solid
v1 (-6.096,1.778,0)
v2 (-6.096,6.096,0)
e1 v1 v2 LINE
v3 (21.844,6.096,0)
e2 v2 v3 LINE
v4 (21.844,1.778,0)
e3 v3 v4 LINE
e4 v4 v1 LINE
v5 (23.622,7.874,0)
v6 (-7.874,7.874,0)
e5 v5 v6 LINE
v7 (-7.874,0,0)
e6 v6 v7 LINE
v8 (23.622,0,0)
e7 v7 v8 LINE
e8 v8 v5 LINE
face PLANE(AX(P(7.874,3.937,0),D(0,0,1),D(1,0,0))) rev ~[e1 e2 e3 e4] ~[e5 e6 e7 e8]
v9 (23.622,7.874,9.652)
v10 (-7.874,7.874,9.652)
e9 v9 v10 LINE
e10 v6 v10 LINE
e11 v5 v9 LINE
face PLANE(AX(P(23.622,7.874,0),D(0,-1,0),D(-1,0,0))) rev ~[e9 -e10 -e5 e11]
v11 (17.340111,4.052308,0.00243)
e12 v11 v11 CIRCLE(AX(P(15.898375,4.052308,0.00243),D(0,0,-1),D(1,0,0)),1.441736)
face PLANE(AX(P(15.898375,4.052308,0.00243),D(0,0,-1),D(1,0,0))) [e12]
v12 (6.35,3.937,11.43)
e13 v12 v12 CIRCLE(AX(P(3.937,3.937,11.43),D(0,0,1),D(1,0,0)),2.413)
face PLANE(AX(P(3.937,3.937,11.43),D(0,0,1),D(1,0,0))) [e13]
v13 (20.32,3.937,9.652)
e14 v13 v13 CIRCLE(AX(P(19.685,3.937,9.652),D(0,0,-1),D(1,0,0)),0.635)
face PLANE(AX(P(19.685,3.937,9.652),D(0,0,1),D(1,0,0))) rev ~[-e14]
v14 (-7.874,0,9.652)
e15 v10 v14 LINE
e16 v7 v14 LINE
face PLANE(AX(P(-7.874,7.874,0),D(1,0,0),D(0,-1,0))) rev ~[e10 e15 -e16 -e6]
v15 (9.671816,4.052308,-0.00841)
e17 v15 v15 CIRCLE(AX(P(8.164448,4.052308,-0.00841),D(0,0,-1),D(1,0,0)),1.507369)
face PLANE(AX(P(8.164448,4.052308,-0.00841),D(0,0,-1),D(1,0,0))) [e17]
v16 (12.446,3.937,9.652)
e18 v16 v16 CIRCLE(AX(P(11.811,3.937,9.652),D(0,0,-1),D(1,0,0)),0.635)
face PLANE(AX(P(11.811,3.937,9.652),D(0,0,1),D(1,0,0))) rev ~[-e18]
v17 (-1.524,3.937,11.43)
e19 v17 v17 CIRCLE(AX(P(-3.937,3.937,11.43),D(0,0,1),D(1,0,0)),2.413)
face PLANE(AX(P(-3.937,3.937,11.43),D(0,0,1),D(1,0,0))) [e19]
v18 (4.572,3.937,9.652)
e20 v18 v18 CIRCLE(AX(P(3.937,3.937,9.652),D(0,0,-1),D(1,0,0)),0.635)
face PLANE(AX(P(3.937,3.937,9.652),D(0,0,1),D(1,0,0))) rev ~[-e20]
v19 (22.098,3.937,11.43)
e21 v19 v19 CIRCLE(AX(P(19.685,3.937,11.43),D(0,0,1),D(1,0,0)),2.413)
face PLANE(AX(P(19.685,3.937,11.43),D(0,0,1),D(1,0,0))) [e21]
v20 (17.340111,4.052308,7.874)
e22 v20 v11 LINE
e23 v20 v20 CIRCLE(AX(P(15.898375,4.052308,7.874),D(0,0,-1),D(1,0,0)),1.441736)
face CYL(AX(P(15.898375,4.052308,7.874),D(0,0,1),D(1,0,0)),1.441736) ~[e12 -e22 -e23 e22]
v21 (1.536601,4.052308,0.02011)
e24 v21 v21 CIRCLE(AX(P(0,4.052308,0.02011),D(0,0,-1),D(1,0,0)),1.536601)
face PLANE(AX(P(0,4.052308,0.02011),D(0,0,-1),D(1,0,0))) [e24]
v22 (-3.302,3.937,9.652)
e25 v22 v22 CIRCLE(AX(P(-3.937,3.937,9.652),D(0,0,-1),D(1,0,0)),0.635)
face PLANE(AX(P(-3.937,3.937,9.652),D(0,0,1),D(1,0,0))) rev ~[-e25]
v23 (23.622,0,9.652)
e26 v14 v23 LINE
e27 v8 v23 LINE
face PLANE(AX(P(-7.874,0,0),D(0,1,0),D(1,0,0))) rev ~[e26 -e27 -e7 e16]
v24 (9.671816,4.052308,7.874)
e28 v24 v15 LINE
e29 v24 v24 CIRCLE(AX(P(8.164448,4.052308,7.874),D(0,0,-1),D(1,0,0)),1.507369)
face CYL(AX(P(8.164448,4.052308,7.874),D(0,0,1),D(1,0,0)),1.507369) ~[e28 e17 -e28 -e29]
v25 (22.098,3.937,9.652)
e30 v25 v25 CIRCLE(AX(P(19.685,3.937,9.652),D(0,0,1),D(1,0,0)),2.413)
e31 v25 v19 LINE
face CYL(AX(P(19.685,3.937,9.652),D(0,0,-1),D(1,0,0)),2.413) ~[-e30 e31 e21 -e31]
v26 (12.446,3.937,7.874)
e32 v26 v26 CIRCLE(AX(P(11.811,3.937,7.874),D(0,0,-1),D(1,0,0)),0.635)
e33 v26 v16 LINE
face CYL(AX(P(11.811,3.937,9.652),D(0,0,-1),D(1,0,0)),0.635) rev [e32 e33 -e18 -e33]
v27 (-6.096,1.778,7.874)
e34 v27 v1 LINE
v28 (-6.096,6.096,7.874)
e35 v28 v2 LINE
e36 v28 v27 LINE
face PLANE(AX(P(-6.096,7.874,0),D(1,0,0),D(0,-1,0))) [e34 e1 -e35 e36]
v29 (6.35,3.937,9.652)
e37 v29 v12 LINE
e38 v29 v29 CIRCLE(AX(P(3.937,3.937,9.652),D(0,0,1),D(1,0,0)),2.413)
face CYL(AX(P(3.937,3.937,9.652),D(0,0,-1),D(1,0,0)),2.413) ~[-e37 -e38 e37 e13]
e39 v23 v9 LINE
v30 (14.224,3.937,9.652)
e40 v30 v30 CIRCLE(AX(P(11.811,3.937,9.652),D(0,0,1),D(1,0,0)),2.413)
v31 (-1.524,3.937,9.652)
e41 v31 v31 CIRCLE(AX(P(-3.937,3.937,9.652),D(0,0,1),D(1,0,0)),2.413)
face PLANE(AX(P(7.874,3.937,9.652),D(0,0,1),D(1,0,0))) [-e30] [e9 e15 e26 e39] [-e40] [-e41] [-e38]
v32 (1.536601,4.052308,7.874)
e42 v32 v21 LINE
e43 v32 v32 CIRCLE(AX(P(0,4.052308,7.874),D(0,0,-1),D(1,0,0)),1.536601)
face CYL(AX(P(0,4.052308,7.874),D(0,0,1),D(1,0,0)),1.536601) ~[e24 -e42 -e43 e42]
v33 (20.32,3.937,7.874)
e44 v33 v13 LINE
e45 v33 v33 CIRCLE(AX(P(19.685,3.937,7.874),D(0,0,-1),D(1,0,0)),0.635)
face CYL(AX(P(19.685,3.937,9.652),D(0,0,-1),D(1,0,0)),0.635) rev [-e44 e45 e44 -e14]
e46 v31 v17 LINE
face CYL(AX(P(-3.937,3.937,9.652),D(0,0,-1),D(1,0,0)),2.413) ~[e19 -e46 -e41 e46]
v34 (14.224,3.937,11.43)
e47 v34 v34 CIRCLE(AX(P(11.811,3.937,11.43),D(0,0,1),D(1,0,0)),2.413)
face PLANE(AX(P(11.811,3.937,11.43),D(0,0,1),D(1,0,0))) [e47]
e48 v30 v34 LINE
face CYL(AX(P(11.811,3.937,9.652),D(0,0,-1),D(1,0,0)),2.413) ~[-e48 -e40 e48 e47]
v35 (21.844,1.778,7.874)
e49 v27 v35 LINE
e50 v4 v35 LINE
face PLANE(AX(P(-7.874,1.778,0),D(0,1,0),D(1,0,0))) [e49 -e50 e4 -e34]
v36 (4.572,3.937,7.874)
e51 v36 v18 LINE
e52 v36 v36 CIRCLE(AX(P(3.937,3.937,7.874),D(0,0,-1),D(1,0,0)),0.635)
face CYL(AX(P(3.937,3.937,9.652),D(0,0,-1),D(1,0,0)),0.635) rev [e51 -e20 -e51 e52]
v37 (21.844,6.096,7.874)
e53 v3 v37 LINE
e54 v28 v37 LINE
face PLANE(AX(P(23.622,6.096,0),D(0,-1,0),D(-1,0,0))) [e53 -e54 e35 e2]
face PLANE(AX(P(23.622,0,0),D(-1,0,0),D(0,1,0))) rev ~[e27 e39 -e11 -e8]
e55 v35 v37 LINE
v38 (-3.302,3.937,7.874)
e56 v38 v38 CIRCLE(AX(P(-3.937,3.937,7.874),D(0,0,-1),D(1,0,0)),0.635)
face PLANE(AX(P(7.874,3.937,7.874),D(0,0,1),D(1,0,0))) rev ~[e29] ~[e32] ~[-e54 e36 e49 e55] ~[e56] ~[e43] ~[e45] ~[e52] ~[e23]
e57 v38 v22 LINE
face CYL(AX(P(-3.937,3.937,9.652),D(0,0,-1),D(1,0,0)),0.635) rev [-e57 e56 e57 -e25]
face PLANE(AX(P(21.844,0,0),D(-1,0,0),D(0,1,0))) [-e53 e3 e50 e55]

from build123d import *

# Parameters (mm, degrees)
F1_DEPTH  = 9.652
F2_R      = 2.413
F3_DEPTH  = 1.778
F4_DEPTH  = 1.778
F5_DEPTH  = 1.778
F6_DEPTH  = 1.778
F7_T      = -1.778
F8_R      = 1.4417359586
F9_DEPTH  = 7.87157
F8_R_2    = 1.507368722
F10_DEPTH = 7.88241
F8_R_3    = 1.5366007798
F11_DEPTH = 7.85389


with BuildPart() as f1:
    # F0 (on Top) → F1 (new body)
    with BuildSketch(Plane.XY):
        Polygon((-7.874, 0), (0, 0), (23.622, 0), (23.622, 7.874), (-7.874, 7.874), align=None)
    extrude(amount=F1_DEPTH)

    # F2 (on face) → F3 (join)
    with BuildSketch(Plane.XY.offset(9.652)):
        with Locations((19.685, 3.937)):
            Circle(F2_R)
    extrude(amount=F3_DEPTH)

    # F2 (on face) → F4 (join)
    with BuildSketch(Plane.XY.offset(9.652)):
        with Locations((11.811, 3.937)):
            Circle(F2_R)
    extrude(amount=F4_DEPTH)

    # F2 (on face) → F5 (join)
    with BuildSketch(Plane.XY.offset(9.652)):
        with Locations((3.937, 3.937)):
            Circle(F2_R)
    extrude(amount=F5_DEPTH)

    # F2 (on face) → F6 (join)
    with BuildSketch(Plane.XY.offset(9.652)):
        with Locations((-3.937, 3.937)):
            Circle(F2_R)
    extrude(amount=F6_DEPTH)

    # F7
    f7_openings = [f1.faces().sort_by_distance(p)[0] for p in [
        (7.874, 3.937, 0),
    ]]
    offset(amount=F7_T, openings=f7_openings, kind=Kind.INTERSECTION)

    # F8 (on face) → F9 (join)
    with BuildSketch(Plane(origin=(0, 0, 7.874), x_dir=(1, 0, 0), z_dir=(0, 0, -1))):
        with Locations((15.8983748406, -4.0523083881)):
            Circle(F8_R)
    extrude(amount=F9_DEPTH)

    # F8 (on face) → F10 (join)
    with BuildSketch(Plane(origin=(0, 0, 7.874), x_dir=(1, 0, 0), z_dir=(0, 0, -1))):
        with Locations((8.1644477323, -4.0523083881)):
            Circle(F8_R_2)
    extrude(amount=F10_DEPTH)

    # F8 (on face) → F11 (join)
    with BuildSketch(Plane(origin=(0, 0, 7.874), x_dir=(1, 0, 0), z_dir=(0, 0, -1))):
        with Locations((0, -4.0523083881)):
            Circle(F8_R_3)
    extrude(amount=F11_DEPTH)


solid = f1.part
